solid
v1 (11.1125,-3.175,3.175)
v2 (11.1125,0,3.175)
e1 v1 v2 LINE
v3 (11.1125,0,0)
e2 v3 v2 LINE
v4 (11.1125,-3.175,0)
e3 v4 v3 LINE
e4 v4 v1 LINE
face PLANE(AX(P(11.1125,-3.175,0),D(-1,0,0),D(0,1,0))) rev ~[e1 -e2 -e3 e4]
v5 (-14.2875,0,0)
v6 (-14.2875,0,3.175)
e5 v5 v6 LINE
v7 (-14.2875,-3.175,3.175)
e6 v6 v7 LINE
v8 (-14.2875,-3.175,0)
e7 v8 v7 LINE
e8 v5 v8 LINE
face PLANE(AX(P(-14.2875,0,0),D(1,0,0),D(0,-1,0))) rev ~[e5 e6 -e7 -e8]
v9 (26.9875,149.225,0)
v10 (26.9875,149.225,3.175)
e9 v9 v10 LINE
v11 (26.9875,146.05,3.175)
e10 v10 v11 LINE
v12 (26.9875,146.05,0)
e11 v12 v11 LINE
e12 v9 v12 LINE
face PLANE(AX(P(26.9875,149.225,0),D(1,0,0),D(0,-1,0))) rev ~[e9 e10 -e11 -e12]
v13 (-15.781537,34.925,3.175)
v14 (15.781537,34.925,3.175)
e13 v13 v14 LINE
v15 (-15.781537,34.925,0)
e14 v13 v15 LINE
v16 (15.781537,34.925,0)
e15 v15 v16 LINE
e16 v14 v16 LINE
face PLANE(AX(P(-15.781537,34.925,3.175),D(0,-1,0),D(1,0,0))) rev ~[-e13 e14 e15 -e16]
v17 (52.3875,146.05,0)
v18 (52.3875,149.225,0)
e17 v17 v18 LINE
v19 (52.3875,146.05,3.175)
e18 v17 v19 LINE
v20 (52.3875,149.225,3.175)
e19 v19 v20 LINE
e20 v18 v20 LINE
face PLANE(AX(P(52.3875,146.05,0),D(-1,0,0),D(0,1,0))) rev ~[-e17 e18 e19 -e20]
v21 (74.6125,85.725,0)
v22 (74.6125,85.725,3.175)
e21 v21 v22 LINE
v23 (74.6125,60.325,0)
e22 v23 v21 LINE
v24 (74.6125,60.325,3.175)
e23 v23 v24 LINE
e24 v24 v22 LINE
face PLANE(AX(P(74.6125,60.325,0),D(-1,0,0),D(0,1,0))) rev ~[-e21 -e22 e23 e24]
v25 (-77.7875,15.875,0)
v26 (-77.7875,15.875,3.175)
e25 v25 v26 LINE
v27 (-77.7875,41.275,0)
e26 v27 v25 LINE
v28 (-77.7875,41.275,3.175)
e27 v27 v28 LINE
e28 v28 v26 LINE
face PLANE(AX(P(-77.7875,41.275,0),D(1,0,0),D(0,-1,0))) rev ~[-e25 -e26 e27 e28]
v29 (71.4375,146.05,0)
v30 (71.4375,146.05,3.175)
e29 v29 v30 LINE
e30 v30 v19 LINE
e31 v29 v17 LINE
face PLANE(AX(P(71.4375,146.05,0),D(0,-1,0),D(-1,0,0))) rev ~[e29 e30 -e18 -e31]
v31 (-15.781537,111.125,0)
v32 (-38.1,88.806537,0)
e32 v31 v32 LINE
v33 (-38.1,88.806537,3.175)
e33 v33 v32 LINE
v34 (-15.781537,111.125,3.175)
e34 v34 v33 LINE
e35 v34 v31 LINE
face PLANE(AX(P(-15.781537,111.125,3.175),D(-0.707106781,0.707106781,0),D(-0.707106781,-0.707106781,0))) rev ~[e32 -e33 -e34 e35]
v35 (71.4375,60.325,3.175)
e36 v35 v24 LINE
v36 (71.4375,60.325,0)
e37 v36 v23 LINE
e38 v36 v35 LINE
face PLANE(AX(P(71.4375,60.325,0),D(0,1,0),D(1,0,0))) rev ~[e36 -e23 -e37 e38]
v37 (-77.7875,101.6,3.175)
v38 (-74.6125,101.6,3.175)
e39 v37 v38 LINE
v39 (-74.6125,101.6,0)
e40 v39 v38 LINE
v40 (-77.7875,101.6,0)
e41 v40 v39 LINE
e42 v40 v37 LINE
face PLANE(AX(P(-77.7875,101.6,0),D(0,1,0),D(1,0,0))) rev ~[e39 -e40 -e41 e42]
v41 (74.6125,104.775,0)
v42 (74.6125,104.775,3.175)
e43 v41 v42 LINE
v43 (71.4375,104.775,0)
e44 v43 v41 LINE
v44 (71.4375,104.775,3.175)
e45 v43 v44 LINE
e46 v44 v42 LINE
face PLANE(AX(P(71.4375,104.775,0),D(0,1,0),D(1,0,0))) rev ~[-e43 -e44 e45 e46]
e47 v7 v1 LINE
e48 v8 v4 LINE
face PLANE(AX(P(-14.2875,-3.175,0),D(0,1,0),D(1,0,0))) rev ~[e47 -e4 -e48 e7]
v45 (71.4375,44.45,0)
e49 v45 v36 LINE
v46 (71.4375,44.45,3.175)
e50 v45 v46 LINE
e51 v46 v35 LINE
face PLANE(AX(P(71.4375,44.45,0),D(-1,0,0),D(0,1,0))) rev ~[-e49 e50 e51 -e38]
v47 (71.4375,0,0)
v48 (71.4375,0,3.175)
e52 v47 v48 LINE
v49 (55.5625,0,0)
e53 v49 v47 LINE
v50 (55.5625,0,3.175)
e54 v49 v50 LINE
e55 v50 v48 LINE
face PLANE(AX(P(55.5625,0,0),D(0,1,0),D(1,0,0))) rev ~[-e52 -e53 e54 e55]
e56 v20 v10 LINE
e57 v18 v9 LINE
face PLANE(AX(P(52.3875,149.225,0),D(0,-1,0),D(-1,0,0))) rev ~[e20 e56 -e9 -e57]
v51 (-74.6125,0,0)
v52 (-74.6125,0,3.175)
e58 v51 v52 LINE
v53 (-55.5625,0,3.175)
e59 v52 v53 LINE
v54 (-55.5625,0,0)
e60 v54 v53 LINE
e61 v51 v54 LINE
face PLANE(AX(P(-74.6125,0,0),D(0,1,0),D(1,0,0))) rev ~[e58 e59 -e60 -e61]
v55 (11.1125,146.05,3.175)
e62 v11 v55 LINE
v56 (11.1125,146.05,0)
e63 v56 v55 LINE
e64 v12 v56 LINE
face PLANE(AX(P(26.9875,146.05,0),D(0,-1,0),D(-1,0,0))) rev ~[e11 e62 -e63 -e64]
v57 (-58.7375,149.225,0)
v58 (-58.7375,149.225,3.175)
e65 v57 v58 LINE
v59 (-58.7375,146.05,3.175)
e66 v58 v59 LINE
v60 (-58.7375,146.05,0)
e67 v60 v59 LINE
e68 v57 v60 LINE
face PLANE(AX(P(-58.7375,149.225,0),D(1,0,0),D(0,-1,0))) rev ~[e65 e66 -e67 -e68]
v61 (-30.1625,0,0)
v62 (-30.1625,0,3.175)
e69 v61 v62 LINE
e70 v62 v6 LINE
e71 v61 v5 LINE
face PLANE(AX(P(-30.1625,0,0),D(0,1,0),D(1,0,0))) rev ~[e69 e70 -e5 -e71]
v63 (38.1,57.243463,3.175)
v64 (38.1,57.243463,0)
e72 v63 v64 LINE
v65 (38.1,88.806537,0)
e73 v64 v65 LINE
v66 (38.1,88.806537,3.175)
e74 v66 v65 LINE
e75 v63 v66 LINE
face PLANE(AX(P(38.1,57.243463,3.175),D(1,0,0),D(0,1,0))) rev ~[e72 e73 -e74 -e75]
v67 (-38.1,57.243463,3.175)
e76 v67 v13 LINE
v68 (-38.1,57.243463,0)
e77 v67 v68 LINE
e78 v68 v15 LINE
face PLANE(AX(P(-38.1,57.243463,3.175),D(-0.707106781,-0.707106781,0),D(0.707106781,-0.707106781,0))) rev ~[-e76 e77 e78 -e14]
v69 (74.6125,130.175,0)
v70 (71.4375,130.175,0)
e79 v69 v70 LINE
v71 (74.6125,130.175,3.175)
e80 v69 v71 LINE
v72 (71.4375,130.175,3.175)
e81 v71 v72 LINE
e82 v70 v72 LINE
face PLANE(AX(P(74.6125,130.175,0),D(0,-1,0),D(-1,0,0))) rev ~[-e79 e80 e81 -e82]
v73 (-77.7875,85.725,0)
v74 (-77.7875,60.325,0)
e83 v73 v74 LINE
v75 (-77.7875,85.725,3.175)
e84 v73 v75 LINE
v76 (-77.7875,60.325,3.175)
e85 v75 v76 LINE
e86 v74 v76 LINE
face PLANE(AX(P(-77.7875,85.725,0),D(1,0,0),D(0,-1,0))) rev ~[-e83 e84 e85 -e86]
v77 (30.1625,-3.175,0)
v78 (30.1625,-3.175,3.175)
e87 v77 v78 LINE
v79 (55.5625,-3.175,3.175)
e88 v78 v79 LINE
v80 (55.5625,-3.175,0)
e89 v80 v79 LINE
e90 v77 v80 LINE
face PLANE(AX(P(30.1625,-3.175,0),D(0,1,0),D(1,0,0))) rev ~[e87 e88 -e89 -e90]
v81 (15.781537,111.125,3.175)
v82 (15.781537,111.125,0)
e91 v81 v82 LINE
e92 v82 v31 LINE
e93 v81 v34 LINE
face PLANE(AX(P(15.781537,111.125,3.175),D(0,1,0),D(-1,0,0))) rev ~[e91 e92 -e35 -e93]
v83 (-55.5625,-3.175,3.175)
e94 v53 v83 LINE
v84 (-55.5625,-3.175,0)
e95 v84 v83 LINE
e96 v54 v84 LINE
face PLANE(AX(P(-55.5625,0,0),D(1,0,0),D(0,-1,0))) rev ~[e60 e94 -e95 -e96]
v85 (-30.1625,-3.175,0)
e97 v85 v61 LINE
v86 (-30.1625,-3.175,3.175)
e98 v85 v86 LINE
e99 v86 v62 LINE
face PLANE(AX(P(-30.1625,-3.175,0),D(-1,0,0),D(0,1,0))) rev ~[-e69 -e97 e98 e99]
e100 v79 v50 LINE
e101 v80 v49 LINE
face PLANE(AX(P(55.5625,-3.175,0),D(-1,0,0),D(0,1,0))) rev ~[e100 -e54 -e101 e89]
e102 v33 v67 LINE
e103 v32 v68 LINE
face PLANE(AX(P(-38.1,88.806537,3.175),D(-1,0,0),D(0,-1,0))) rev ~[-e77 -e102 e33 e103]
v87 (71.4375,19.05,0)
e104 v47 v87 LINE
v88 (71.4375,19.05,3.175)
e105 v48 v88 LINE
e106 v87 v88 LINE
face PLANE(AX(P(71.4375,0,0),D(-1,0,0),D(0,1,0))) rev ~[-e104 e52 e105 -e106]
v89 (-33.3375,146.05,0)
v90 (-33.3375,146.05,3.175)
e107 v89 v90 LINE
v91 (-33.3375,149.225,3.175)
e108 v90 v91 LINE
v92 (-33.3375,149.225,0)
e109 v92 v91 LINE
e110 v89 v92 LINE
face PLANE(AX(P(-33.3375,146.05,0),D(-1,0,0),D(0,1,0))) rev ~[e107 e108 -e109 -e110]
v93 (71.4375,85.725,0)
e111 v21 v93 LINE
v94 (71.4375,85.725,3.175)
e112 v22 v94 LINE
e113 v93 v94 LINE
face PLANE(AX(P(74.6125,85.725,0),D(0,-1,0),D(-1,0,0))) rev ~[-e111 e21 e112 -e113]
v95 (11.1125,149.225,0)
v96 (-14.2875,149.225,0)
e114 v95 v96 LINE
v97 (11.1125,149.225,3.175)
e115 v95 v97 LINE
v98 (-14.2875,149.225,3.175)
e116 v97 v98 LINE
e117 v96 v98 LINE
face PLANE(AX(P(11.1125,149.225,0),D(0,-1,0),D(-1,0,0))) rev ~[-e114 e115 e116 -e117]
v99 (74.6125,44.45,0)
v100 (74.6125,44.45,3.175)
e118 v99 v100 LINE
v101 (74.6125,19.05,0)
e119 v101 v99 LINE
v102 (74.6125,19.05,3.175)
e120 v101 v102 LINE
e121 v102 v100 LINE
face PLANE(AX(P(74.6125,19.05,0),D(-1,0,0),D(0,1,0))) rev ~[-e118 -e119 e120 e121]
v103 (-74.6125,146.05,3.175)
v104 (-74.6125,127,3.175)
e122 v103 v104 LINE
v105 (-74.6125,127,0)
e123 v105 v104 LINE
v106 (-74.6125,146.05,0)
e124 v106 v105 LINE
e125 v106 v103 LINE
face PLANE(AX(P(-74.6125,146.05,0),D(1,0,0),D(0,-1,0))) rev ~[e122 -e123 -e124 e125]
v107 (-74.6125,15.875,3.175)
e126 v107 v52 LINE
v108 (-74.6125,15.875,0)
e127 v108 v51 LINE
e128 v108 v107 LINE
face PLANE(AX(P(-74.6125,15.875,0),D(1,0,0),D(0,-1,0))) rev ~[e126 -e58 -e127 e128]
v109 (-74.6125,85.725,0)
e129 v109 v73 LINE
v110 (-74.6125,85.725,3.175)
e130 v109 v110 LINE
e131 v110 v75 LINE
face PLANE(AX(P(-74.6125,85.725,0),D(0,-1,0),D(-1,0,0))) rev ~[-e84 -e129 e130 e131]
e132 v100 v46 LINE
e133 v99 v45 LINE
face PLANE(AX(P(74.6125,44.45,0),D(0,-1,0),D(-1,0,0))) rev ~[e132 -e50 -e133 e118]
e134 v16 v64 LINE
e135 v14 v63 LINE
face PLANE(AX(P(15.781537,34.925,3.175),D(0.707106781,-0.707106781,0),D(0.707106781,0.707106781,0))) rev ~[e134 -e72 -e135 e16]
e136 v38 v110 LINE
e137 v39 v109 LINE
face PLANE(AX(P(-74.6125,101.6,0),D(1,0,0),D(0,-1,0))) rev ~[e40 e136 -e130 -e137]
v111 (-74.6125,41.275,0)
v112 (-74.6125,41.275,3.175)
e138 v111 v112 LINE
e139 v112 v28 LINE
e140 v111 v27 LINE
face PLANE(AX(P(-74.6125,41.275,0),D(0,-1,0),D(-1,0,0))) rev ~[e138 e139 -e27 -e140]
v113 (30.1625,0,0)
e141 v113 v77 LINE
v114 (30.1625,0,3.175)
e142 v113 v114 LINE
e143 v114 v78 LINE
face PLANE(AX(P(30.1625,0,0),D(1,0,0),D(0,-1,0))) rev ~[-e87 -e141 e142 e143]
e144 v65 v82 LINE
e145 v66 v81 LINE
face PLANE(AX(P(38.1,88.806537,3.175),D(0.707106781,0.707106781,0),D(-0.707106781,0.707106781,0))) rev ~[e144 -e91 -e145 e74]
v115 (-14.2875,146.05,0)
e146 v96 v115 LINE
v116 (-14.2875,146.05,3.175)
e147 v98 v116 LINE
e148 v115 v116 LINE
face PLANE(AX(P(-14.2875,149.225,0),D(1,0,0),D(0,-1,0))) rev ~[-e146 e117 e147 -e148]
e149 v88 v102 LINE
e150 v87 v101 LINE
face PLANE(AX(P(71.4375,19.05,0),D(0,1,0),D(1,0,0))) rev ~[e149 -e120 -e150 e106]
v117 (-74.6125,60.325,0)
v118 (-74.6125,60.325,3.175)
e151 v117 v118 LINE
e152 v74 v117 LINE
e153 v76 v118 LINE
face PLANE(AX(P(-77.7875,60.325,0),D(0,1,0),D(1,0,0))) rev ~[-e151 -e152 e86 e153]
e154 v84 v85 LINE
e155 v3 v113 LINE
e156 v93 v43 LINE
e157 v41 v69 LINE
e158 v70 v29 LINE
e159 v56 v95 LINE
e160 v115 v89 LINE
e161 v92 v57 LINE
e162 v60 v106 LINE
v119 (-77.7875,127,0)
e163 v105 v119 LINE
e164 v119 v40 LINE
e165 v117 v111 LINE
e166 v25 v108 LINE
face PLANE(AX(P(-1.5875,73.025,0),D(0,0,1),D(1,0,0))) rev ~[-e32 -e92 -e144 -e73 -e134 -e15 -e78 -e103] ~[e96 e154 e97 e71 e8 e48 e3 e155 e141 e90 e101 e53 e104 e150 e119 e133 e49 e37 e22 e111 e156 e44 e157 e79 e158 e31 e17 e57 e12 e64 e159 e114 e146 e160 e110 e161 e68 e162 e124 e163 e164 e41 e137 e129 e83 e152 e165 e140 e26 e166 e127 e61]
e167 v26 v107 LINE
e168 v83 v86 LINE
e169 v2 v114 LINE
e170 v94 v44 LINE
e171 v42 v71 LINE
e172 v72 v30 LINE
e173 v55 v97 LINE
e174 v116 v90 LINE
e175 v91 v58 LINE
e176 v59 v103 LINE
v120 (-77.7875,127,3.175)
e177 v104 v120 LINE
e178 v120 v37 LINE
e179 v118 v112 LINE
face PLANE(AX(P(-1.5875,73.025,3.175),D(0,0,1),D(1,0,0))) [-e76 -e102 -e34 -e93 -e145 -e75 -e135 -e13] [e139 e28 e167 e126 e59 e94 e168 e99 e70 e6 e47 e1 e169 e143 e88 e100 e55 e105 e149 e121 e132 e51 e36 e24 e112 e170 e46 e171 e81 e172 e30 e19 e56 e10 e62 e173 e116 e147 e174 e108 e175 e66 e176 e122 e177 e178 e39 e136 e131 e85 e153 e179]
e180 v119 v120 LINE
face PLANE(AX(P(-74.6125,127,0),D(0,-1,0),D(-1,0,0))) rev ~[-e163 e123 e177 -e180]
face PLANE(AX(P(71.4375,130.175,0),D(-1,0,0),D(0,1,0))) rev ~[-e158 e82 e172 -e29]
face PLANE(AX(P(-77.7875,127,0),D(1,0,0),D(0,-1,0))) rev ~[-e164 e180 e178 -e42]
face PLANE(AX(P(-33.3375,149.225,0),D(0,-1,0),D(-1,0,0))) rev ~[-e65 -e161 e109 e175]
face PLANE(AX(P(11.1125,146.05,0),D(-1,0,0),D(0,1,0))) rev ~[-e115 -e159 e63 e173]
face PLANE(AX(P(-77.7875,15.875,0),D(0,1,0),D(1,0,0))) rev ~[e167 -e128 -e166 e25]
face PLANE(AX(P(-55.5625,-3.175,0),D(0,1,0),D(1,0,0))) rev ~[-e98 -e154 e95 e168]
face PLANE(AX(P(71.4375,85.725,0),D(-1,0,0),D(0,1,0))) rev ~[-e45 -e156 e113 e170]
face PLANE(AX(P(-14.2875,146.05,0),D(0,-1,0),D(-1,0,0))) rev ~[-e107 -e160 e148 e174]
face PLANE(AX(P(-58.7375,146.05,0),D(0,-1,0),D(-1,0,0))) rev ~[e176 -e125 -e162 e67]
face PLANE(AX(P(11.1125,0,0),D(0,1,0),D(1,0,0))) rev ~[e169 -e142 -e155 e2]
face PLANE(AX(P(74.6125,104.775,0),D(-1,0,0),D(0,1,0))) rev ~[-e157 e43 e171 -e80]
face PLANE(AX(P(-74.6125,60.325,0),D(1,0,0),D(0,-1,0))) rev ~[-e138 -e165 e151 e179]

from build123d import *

# Parameters (mm, degrees)
BOSS_EXTRUDE1_DEPTH = 3.175
CUT_EXTRUDE1_DEPTH  = 4.175


with BuildPart() as part:
    # Sketch1 → Boss-Extrude1 (new body)
    with BuildSketch(Plane.XY):
        Polygon((-33.3375, 149.225), (-58.7375, 149.225), (-58.7375, 146.05), (-74.6125, 146.05), (-74.6125, 127), (-77.7875, 127), (-77.7875, 101.6), (-74.6125, 101.6), (-74.6125, 85.725), (-77.7875, 85.725), (-77.7875, 60.325), (-74.6125, 60.325), (-74.6125, 41.275), (-77.7875, 41.275), (-77.7875, 15.875), (-74.6125, 15.875), (-74.6125, 0), (-55.5625, 0), (-55.5625, -3.175), (-30.1625, -3.175), (-30.1625, 0), (-14.2875, 0), (-14.2875, -3.175), (11.1125, -3.175), (11.1125, 0), (30.1625, 0), (30.1625, -3.175), (55.5625, -3.175), (55.5625, 0), (71.4375, 0), (71.4375, 19.05), (74.6125, 19.05), (74.6125, 44.45), (71.4375, 44.45), (71.4375, 60.325), (74.6125, 60.325), (74.6125, 85.725), (71.4375, 85.725), (71.4375, 104.775), (74.6125, 104.775), (74.6125, 130.175), (71.4375, 130.175), (71.4375, 146.05), (52.3875, 146.05), (52.3875, 149.225), (26.9875, 149.225), (26.9875, 146.05), (11.1125, 146.05), (11.1125, 149.225), (-14.2875, 149.225), (-14.2875, 146.05), (-33.3375, 146.05), align=None)
    extrude(amount=BOSS_EXTRUDE1_DEPTH)

    # Sketch2 → Cut-Extrude1 (cut, through all)
    with BuildSketch(Plane.XY.offset(3.175)):
        Polygon((-38.1, 73.025), (0, 73.025), (0, 111.125), (-15.781536726, 111.125), (-38.1, 88.806536726), align=None)
        Polygon((0, 111.125), (0, 73.025), (38.1, 73.025), (38.1, 88.806536726), (15.781536726, 111.125), align=None)
        Polygon((0, 73.025), (0, 34.925), (15.781536726, 34.925), (38.1, 57.243463274), (38.1, 73.025), align=None)
        Polygon((-15.781536726, 34.925), (0, 34.925), (0, 73.025), (-38.1, 73.025), (-38.1, 57.243463274), align=None)
    extrude(amount=-CUT_EXTRUDE1_DEPTH, mode=Mode.SUBTRACT)


solid = part.part
